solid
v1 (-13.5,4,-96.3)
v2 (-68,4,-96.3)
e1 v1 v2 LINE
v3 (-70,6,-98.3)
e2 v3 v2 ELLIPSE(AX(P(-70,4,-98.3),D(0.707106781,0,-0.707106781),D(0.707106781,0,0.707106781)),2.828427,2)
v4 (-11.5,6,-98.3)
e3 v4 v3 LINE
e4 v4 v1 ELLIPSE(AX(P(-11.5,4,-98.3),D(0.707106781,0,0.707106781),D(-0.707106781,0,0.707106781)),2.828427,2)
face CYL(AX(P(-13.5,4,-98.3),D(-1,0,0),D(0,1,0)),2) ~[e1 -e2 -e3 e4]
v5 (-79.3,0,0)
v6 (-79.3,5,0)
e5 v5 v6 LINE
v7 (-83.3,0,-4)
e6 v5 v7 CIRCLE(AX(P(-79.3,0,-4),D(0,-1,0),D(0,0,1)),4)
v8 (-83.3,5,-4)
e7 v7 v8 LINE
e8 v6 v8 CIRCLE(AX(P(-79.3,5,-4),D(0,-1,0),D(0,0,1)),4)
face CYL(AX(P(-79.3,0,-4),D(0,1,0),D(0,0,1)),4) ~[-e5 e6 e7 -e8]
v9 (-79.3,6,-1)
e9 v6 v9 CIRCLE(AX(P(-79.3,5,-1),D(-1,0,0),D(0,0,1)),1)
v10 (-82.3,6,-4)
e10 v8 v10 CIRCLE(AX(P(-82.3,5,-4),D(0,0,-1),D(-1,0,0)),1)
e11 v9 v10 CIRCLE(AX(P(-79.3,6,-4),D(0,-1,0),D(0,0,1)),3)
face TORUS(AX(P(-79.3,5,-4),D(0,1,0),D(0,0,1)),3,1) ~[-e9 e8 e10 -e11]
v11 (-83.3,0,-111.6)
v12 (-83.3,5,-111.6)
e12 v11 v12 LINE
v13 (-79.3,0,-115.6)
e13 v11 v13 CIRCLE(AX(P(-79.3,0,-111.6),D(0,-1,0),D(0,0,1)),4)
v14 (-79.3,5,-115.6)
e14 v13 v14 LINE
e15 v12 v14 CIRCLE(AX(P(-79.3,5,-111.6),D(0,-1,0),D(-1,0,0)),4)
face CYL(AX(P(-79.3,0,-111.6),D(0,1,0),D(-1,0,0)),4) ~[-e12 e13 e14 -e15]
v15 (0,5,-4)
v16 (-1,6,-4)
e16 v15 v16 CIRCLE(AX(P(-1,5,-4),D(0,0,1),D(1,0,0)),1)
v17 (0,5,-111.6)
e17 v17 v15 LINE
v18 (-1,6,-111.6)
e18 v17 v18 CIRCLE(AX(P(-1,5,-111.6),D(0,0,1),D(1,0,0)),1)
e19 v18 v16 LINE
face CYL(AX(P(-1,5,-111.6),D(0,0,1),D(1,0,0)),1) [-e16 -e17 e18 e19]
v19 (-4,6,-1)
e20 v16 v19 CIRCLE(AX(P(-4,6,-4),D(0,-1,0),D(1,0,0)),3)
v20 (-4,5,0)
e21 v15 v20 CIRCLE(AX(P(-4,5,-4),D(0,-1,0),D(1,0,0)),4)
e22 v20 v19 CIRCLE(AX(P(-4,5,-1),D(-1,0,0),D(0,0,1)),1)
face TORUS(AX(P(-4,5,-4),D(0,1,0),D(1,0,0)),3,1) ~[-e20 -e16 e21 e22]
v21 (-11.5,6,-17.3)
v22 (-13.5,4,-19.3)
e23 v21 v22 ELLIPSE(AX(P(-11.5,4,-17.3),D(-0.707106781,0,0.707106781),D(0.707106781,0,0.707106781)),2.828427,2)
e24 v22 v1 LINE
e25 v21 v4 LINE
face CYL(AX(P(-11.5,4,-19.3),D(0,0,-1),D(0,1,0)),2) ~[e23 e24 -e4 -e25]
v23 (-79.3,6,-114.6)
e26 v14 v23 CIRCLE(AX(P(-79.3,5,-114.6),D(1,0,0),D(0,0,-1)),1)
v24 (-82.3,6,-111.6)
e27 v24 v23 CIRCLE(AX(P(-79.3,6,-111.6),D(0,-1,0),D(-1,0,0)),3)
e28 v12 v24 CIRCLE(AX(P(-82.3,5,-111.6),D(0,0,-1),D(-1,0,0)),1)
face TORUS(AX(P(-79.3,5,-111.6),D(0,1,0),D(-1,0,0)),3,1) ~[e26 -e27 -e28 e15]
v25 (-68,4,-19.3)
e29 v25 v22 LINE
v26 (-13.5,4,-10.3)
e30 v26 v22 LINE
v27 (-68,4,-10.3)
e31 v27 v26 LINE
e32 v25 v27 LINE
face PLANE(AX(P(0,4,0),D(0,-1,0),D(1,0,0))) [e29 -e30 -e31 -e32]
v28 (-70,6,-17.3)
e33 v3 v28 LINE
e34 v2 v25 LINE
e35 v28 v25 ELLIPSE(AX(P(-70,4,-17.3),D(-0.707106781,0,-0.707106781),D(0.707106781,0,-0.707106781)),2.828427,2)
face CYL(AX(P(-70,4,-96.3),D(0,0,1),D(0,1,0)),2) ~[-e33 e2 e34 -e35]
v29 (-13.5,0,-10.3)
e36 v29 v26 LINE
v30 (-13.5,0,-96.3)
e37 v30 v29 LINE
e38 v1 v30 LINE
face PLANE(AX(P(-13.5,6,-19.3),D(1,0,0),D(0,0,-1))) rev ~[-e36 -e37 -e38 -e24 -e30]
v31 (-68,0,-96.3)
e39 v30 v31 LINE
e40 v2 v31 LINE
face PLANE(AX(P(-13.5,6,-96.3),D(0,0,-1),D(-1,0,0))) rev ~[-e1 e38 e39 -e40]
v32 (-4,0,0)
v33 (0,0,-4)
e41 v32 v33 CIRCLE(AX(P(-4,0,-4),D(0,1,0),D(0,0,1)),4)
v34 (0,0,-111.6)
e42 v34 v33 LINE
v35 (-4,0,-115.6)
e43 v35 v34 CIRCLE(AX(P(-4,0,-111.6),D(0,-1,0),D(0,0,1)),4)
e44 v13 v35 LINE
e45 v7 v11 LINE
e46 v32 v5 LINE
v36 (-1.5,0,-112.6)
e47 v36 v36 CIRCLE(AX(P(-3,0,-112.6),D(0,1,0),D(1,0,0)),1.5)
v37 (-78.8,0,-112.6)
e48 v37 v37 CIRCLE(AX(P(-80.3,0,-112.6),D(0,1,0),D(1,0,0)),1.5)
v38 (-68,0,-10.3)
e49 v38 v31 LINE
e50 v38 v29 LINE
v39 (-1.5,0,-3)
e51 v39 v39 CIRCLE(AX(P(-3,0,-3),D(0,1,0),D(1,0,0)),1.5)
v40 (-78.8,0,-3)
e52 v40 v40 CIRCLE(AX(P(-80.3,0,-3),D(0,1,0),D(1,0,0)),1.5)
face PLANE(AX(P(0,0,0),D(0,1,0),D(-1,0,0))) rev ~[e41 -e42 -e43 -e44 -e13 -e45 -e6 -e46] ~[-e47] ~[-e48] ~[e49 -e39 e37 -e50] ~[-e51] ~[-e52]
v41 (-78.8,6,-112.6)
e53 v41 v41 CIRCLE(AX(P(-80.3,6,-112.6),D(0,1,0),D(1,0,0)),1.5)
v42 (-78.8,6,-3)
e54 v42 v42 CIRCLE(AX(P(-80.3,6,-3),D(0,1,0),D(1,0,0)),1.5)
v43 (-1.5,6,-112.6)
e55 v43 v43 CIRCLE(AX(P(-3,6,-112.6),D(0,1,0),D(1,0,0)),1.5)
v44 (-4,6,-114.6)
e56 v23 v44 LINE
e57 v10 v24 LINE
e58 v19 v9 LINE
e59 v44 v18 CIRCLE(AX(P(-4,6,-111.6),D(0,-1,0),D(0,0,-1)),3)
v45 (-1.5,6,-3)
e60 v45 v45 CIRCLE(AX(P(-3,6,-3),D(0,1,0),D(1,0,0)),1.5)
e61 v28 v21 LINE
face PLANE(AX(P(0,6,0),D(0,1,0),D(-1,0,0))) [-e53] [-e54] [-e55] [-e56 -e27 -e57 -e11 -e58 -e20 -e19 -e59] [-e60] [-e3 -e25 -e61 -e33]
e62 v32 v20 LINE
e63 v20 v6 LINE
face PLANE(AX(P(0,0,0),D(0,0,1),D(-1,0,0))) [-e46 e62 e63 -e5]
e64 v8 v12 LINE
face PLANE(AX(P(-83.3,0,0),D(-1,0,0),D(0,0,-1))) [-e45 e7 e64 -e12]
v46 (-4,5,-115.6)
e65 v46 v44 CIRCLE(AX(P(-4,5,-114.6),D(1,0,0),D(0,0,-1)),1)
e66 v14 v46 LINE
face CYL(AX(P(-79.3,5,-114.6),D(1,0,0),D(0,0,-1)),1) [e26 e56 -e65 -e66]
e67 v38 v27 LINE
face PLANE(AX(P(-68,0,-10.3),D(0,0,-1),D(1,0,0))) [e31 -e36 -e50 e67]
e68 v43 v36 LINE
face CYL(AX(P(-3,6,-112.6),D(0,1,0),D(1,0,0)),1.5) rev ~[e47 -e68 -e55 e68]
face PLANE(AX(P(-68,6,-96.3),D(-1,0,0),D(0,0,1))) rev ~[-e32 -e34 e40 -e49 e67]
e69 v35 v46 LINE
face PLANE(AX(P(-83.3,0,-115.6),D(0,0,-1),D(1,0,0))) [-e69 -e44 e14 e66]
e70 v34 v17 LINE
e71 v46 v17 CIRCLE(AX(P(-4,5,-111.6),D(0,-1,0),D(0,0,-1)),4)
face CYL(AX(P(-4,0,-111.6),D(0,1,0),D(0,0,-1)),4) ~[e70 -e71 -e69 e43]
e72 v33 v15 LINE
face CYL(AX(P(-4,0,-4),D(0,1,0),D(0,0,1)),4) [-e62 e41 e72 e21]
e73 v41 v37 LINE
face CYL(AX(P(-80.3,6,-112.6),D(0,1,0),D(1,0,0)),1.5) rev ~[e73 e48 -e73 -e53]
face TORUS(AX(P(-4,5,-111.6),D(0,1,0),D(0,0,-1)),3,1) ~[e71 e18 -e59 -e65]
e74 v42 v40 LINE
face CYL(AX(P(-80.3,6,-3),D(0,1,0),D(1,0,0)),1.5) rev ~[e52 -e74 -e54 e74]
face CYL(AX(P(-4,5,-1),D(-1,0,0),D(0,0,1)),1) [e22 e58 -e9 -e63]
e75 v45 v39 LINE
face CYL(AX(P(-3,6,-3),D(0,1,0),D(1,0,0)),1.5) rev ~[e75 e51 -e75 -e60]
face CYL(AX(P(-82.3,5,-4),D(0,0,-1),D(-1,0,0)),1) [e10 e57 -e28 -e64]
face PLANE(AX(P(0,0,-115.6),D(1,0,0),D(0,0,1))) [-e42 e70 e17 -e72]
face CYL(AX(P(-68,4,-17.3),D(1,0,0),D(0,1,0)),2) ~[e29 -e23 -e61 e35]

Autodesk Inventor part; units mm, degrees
ref_plane "YZ Plane" through (0, 0, 0) normal (1, 0, 0) x (0, 1, 0)
ref_plane "XZ Plane" through (0, 0, 0) normal (0, 1, 0) x (-1, 0, 0)
ref_plane "XY Plane" through (0, 0, 0) normal (0, 0, 1) x (1, 0, 0)
sketch "Sketch1" plane through (0, 0, 0) normal (0, 1, 0) x (-1, 0, 0)
  line L0 (0, 0) -> (83.3, 0)
  line L1 (83.3, 0) -> (83.3, -115.6)
  line L2 (83.3, -115.6) -> (0, -115.6)
  line L3 (0, -115.6) -> (0, 0)
  dimension "d0" = 115.6
  dimension "d1" = 83.3
extrude "Lid Body" add sketch "Sketch1" along normal blind 6
fillet "4mm Fillet" radius 4 4 edges at (0, 3, -115.6) (-83.3, 3, -115.6) (-83.3, 3, 0) (0, 3, 0)
sketch "Sketch2" plane through (0, 6, 0) normal (0, 1, 0) x (1, 0, 0)
  circle A0 centre (-80.3, 3) radius 1.5
  line L0 (-83.3, 115.6) -> (-83.3, 0) projected
  line L1 (-83.3, 0) -> (0, 0) projected
  line L2 (-83.3, 57.8) -> (0, 57.8)
  line L3 (0, 0) -> (0, 115.6) projected
  line L4 (-41.65, 0) -> (-41.65, 124)
  circle A1 centre (-80.3, 112.6) radius 1.5
  circle A2 centre (-3, 3) radius 1.5
  circle A3 centre (-3, 112.6) radius 1.5
  dimension "d5" = 3
  dimension "d6" = 3
  dimension "d7" = 3
extrude "3mm Mounting Holes" cut sketch "Sketch2" against normal through all contours A0 | A1 | A2 | A3
sketch "Sketch3" plane through (0, 6, 0) normal (0, 1, 0) x (1, 0, 0)
  line L0 (-83.3, 0) -> (0, 0) projected
  line L1 (0, 0) -> (0, 115.6) projected
  line L2 (0, 115.6) -> (-83.3, 115.6) projected
  line L3 (-83.3, 115.6) -> (-83.3, 0) projected
  line L4 (-78.3, 5) -> (-5, 5)
  line L5 (-5, 5) -> (-5, 110.6)
  line L6 (-5, 110.6) -> (-78.3, 110.6)
  line L7 (-78.3, 110.6) -> (-78.3, 5)
  line L8 (-68, 19.3) -> (-13.5, 19.3)
  line L9 (-13.5, 19.3) -> (-13.5, 96.3)
  line L10 (-13.5, 96.3) -> (-68, 96.3)
  line L11 (-68, 96.3) -> (-68, 19.3)
  dimension "d11" = 5
  dimension "d12" = 54.5
  dimension "d13" = 77
  dimension "d14" = 10.3
  dimension "d18" = 14.3
extrude "Screen Cut-Out" cut sketch "Sketch3" against normal through all contours L11 L10 L9 L8
fillet "Fillet3" radius 1 8 edges at (-82.1284, 6, -1.1716) (-41.65, 6, 0) (-1.1716, 6, -1.1716) (0, 6, -57.8) (-1.1716, 6, -114.4284) (-41.65, 6, -115.6) (-82.1284, 6, -114.4284) (-83.3, 6, -57.8)
fillet "Fillet4" radius 2 4 edges at (-40.75, 6, -19.3) (-68, 6, -57.8) (-40.75, 6, -96.3) (-13.5, 6, -57.8)
sketch "Sketch4" plane through (0, 0, 0) normal (0, -1, 0) x (1, 0, 0)
  line L0 (-68, -19.3) -> (-13.5, -19.3) projected
  line L1 (-13.5, -19.3) -> (-68, -19.3)
  line L2 (-68, -19.3) -> (-68, -10.3)
  line L3 (-68, -10.3) -> (-13.5, -10.3)
  line L4 (-13.5, -10.3) -> (-13.5, -19.3)
  point P0 (0, 0)
  dimension "d21" = 9
extrude "Extrusion4" cut sketch "Sketch4" against normal blind 4
properties part number "LidTest02"
